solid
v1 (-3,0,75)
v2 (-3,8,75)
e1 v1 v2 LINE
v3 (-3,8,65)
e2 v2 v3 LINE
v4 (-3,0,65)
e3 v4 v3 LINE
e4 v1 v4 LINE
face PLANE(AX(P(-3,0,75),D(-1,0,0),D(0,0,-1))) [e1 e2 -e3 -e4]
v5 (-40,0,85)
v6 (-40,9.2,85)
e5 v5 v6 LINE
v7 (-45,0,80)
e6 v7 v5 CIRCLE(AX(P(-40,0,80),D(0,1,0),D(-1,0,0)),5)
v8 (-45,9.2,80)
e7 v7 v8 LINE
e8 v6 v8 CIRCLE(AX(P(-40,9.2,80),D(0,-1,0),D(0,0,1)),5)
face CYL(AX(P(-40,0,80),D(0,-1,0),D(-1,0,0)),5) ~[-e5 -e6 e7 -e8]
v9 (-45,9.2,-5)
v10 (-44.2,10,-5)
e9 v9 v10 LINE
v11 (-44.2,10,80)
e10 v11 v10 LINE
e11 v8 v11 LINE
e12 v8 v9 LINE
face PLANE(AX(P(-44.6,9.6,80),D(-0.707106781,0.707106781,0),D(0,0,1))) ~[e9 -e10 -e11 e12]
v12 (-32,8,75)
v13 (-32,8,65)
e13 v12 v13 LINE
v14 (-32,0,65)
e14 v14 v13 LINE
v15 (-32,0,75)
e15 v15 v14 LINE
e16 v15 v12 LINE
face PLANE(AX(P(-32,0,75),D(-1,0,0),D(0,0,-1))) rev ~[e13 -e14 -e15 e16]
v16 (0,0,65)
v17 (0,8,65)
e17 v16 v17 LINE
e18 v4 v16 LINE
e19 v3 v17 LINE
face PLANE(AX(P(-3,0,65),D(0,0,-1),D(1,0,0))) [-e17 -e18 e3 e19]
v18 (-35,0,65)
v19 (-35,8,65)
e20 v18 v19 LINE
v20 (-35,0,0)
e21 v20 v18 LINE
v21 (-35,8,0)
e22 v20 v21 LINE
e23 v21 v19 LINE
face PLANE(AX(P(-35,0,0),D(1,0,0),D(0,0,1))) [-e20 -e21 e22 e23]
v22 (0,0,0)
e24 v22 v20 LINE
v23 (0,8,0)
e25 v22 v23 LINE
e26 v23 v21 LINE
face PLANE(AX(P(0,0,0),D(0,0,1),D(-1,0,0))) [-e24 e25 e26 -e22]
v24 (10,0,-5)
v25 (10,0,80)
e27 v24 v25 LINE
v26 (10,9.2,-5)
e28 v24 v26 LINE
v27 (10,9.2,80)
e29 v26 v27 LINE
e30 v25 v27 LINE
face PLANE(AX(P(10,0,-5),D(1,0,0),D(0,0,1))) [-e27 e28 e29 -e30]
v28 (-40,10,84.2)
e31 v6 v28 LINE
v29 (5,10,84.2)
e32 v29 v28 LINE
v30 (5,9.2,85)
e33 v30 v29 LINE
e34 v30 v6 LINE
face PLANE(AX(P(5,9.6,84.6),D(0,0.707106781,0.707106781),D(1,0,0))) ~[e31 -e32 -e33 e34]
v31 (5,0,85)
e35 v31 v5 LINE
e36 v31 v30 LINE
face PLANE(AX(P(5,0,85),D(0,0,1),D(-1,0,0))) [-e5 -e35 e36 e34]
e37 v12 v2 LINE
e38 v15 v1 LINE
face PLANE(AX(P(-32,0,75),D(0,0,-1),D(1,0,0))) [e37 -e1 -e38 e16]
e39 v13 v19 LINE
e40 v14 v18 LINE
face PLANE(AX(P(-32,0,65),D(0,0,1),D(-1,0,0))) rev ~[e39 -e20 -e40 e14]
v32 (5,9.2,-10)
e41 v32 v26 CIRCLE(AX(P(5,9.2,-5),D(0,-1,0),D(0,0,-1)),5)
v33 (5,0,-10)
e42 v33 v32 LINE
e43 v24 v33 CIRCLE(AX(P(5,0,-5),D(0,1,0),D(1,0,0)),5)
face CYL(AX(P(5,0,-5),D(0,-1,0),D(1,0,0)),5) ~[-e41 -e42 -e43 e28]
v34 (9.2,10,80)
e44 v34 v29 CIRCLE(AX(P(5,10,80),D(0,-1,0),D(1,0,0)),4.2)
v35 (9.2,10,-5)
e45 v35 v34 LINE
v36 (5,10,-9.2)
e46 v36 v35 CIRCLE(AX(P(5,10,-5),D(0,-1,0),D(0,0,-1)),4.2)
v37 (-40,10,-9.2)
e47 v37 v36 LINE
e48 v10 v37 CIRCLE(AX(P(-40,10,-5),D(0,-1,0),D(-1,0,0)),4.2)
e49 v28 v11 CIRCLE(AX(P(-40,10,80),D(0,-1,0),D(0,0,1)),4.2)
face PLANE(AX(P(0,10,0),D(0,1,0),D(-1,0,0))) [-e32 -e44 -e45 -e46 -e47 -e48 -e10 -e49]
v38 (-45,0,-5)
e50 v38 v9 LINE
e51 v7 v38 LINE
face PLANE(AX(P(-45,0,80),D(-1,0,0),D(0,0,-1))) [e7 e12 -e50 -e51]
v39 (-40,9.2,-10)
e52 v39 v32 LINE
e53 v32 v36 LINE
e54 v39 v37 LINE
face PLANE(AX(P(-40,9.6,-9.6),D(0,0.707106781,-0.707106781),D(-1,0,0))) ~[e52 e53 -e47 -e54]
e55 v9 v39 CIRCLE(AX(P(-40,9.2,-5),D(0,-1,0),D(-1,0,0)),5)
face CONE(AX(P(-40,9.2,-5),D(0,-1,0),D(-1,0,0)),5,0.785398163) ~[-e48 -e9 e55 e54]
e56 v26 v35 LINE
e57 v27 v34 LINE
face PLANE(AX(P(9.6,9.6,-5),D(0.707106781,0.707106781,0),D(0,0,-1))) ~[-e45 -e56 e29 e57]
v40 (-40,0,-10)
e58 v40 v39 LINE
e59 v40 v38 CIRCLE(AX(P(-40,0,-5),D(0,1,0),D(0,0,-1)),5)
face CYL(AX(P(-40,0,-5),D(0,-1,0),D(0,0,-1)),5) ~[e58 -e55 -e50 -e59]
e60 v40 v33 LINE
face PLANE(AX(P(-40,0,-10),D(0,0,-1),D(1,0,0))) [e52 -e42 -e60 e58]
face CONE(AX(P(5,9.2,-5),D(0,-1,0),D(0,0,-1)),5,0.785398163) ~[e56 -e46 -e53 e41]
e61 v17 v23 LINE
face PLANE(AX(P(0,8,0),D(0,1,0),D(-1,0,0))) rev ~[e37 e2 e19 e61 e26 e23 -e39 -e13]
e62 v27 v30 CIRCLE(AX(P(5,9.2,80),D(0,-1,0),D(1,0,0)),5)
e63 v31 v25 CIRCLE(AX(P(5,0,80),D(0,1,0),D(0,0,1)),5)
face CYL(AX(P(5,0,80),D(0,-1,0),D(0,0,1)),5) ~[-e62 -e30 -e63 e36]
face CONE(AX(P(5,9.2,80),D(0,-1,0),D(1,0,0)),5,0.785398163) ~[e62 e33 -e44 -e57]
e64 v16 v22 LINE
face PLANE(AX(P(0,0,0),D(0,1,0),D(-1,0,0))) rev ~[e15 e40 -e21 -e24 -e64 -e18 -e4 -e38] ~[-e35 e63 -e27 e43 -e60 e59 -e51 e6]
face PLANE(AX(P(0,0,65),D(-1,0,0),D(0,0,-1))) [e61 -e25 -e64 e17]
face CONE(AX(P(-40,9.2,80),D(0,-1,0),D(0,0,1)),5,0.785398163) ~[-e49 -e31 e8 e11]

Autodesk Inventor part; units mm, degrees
ref_plane "YZ Plane" through (0, 0, 0) normal (1, 0, 0) x (0, 1, 0)
ref_plane "XZ Plane" through (0, 0, 0) normal (0, 1, 0) x (-1, 0, 0)
ref_plane "XY Plane" through (0, 0, 0) normal (0, 0, 1) x (1, 0, 0)
sketch "Sketch1" plane through (0, 0, 0) normal (0, 1, 0) x (-1, 0, 0)
  line L0 (0, 0) -> (35, 0)
  line L1 (35, 0) -> (35, 75)
  line L2 (35, 75) -> (0, 75)
  line L3 (0, 75) -> (0, 0)
  line L4 (45, -10) -> (-10, -10)
  line L5 (-10, -10) -> (-10, 85)
  line L6 (-10, 85) -> (45, 85)
  line L7 (45, 85) -> (45, -10)
  line L8 (35, 0) -> (45, -10) construction
  arc A0 (40, -10) -> (45, -5) centre (40, -5) ccw
  line L9 (45, 37.5) -> (48.3975, 37.5) construction
  line L10 (17.5, 85) -> (17.5, 95.7522) construction
  arc A1 (45, 80) -> (40, 85) centre (40, 80) ccw
  arc A2 (-10, -5) -> (-5, -10) centre (-5, -5) ccw
  arc A3 (-5, 85) -> (-10, 80) centre (-5, 80) ccw
  line L11 (32, 75) -> (32, 65)
  line L12 (32, 65) -> (35, 65)
  line L13 (3, 75) -> (3, 65)
  line L14 (3, 65) -> (0, 65)
  dimension "d0" = 35
  dimension "d1" = 75
  dimension "d2" = 10
  dimension "d8" = 10
  dimension "d9" = 3
extrude "Extrusion1" add sketch "Sketch1" along normal blind 10 contours L3 L14 L13 L2 L11 L12 L1 L0 | L3 L2 L13 L14 | L12 L11 L2 L1 | L4 A2 L5 A3 L6 A1 L7 A0
extrude "Extrusion2" cut sketch "Sketch1" along normal blind 8 contours L3 L14 L13 L2 L11 L12 L1 L0
sketch "Sketch3" plane through (5, 0, -10) normal (0, 0, -1) x (-1, 0, 0)
  line L0 (45, 10) -> (0, 10) projected
  line L1 (22.5, 10) -> (22.5, 15.0736) construction
  line L2 (27.5, 8) -> (17.5, 8)
  line L3 (0, 10) -> (45, 10) projected
  line L4 (14.5, 5) -> (14.5, -4.5377)
  line L5 (30.5, -4.5377) -> (30.5, 5)
  line L6 (37, 0) -> (8, 0) projected
  line L7 (30.5, 0) -> (14.5, 0)
  arc A0 (30.5, 5) -> (27.5, 8) centre (27.5, 5) ccw
  arc A1 (17.5, 8) -> (14.5, 5) centre (17.5, 5) ccw
  line L8 (8, 8) -> (37, 8) projected
  point P0 (5, 0)
  point P1 (30.5, 8)
  point P2 (14.5, 8)
  dimension "d15" = 8
  dimension "d16" = 8
  dimension "d19" = 3
extrude "Extrusion3" [suppressed]
chamfer "Chamfer1" [suppressed]
chamfer "Chamfer2" distance 0.8 angle 45 8 edges at (-17.5, 10, -10) (-43.5355, 10, -8.5355) (-45, 10, 37.5) (-43.5355, 10, 83.5355) (-17.5, 10, 85) (8.5355, 10, 83.5355) (10, 10, 37.5) (8.5355, 10, -8.5355)
equation "\"d16\" = d15"
properties part number "scatola_sopra"
